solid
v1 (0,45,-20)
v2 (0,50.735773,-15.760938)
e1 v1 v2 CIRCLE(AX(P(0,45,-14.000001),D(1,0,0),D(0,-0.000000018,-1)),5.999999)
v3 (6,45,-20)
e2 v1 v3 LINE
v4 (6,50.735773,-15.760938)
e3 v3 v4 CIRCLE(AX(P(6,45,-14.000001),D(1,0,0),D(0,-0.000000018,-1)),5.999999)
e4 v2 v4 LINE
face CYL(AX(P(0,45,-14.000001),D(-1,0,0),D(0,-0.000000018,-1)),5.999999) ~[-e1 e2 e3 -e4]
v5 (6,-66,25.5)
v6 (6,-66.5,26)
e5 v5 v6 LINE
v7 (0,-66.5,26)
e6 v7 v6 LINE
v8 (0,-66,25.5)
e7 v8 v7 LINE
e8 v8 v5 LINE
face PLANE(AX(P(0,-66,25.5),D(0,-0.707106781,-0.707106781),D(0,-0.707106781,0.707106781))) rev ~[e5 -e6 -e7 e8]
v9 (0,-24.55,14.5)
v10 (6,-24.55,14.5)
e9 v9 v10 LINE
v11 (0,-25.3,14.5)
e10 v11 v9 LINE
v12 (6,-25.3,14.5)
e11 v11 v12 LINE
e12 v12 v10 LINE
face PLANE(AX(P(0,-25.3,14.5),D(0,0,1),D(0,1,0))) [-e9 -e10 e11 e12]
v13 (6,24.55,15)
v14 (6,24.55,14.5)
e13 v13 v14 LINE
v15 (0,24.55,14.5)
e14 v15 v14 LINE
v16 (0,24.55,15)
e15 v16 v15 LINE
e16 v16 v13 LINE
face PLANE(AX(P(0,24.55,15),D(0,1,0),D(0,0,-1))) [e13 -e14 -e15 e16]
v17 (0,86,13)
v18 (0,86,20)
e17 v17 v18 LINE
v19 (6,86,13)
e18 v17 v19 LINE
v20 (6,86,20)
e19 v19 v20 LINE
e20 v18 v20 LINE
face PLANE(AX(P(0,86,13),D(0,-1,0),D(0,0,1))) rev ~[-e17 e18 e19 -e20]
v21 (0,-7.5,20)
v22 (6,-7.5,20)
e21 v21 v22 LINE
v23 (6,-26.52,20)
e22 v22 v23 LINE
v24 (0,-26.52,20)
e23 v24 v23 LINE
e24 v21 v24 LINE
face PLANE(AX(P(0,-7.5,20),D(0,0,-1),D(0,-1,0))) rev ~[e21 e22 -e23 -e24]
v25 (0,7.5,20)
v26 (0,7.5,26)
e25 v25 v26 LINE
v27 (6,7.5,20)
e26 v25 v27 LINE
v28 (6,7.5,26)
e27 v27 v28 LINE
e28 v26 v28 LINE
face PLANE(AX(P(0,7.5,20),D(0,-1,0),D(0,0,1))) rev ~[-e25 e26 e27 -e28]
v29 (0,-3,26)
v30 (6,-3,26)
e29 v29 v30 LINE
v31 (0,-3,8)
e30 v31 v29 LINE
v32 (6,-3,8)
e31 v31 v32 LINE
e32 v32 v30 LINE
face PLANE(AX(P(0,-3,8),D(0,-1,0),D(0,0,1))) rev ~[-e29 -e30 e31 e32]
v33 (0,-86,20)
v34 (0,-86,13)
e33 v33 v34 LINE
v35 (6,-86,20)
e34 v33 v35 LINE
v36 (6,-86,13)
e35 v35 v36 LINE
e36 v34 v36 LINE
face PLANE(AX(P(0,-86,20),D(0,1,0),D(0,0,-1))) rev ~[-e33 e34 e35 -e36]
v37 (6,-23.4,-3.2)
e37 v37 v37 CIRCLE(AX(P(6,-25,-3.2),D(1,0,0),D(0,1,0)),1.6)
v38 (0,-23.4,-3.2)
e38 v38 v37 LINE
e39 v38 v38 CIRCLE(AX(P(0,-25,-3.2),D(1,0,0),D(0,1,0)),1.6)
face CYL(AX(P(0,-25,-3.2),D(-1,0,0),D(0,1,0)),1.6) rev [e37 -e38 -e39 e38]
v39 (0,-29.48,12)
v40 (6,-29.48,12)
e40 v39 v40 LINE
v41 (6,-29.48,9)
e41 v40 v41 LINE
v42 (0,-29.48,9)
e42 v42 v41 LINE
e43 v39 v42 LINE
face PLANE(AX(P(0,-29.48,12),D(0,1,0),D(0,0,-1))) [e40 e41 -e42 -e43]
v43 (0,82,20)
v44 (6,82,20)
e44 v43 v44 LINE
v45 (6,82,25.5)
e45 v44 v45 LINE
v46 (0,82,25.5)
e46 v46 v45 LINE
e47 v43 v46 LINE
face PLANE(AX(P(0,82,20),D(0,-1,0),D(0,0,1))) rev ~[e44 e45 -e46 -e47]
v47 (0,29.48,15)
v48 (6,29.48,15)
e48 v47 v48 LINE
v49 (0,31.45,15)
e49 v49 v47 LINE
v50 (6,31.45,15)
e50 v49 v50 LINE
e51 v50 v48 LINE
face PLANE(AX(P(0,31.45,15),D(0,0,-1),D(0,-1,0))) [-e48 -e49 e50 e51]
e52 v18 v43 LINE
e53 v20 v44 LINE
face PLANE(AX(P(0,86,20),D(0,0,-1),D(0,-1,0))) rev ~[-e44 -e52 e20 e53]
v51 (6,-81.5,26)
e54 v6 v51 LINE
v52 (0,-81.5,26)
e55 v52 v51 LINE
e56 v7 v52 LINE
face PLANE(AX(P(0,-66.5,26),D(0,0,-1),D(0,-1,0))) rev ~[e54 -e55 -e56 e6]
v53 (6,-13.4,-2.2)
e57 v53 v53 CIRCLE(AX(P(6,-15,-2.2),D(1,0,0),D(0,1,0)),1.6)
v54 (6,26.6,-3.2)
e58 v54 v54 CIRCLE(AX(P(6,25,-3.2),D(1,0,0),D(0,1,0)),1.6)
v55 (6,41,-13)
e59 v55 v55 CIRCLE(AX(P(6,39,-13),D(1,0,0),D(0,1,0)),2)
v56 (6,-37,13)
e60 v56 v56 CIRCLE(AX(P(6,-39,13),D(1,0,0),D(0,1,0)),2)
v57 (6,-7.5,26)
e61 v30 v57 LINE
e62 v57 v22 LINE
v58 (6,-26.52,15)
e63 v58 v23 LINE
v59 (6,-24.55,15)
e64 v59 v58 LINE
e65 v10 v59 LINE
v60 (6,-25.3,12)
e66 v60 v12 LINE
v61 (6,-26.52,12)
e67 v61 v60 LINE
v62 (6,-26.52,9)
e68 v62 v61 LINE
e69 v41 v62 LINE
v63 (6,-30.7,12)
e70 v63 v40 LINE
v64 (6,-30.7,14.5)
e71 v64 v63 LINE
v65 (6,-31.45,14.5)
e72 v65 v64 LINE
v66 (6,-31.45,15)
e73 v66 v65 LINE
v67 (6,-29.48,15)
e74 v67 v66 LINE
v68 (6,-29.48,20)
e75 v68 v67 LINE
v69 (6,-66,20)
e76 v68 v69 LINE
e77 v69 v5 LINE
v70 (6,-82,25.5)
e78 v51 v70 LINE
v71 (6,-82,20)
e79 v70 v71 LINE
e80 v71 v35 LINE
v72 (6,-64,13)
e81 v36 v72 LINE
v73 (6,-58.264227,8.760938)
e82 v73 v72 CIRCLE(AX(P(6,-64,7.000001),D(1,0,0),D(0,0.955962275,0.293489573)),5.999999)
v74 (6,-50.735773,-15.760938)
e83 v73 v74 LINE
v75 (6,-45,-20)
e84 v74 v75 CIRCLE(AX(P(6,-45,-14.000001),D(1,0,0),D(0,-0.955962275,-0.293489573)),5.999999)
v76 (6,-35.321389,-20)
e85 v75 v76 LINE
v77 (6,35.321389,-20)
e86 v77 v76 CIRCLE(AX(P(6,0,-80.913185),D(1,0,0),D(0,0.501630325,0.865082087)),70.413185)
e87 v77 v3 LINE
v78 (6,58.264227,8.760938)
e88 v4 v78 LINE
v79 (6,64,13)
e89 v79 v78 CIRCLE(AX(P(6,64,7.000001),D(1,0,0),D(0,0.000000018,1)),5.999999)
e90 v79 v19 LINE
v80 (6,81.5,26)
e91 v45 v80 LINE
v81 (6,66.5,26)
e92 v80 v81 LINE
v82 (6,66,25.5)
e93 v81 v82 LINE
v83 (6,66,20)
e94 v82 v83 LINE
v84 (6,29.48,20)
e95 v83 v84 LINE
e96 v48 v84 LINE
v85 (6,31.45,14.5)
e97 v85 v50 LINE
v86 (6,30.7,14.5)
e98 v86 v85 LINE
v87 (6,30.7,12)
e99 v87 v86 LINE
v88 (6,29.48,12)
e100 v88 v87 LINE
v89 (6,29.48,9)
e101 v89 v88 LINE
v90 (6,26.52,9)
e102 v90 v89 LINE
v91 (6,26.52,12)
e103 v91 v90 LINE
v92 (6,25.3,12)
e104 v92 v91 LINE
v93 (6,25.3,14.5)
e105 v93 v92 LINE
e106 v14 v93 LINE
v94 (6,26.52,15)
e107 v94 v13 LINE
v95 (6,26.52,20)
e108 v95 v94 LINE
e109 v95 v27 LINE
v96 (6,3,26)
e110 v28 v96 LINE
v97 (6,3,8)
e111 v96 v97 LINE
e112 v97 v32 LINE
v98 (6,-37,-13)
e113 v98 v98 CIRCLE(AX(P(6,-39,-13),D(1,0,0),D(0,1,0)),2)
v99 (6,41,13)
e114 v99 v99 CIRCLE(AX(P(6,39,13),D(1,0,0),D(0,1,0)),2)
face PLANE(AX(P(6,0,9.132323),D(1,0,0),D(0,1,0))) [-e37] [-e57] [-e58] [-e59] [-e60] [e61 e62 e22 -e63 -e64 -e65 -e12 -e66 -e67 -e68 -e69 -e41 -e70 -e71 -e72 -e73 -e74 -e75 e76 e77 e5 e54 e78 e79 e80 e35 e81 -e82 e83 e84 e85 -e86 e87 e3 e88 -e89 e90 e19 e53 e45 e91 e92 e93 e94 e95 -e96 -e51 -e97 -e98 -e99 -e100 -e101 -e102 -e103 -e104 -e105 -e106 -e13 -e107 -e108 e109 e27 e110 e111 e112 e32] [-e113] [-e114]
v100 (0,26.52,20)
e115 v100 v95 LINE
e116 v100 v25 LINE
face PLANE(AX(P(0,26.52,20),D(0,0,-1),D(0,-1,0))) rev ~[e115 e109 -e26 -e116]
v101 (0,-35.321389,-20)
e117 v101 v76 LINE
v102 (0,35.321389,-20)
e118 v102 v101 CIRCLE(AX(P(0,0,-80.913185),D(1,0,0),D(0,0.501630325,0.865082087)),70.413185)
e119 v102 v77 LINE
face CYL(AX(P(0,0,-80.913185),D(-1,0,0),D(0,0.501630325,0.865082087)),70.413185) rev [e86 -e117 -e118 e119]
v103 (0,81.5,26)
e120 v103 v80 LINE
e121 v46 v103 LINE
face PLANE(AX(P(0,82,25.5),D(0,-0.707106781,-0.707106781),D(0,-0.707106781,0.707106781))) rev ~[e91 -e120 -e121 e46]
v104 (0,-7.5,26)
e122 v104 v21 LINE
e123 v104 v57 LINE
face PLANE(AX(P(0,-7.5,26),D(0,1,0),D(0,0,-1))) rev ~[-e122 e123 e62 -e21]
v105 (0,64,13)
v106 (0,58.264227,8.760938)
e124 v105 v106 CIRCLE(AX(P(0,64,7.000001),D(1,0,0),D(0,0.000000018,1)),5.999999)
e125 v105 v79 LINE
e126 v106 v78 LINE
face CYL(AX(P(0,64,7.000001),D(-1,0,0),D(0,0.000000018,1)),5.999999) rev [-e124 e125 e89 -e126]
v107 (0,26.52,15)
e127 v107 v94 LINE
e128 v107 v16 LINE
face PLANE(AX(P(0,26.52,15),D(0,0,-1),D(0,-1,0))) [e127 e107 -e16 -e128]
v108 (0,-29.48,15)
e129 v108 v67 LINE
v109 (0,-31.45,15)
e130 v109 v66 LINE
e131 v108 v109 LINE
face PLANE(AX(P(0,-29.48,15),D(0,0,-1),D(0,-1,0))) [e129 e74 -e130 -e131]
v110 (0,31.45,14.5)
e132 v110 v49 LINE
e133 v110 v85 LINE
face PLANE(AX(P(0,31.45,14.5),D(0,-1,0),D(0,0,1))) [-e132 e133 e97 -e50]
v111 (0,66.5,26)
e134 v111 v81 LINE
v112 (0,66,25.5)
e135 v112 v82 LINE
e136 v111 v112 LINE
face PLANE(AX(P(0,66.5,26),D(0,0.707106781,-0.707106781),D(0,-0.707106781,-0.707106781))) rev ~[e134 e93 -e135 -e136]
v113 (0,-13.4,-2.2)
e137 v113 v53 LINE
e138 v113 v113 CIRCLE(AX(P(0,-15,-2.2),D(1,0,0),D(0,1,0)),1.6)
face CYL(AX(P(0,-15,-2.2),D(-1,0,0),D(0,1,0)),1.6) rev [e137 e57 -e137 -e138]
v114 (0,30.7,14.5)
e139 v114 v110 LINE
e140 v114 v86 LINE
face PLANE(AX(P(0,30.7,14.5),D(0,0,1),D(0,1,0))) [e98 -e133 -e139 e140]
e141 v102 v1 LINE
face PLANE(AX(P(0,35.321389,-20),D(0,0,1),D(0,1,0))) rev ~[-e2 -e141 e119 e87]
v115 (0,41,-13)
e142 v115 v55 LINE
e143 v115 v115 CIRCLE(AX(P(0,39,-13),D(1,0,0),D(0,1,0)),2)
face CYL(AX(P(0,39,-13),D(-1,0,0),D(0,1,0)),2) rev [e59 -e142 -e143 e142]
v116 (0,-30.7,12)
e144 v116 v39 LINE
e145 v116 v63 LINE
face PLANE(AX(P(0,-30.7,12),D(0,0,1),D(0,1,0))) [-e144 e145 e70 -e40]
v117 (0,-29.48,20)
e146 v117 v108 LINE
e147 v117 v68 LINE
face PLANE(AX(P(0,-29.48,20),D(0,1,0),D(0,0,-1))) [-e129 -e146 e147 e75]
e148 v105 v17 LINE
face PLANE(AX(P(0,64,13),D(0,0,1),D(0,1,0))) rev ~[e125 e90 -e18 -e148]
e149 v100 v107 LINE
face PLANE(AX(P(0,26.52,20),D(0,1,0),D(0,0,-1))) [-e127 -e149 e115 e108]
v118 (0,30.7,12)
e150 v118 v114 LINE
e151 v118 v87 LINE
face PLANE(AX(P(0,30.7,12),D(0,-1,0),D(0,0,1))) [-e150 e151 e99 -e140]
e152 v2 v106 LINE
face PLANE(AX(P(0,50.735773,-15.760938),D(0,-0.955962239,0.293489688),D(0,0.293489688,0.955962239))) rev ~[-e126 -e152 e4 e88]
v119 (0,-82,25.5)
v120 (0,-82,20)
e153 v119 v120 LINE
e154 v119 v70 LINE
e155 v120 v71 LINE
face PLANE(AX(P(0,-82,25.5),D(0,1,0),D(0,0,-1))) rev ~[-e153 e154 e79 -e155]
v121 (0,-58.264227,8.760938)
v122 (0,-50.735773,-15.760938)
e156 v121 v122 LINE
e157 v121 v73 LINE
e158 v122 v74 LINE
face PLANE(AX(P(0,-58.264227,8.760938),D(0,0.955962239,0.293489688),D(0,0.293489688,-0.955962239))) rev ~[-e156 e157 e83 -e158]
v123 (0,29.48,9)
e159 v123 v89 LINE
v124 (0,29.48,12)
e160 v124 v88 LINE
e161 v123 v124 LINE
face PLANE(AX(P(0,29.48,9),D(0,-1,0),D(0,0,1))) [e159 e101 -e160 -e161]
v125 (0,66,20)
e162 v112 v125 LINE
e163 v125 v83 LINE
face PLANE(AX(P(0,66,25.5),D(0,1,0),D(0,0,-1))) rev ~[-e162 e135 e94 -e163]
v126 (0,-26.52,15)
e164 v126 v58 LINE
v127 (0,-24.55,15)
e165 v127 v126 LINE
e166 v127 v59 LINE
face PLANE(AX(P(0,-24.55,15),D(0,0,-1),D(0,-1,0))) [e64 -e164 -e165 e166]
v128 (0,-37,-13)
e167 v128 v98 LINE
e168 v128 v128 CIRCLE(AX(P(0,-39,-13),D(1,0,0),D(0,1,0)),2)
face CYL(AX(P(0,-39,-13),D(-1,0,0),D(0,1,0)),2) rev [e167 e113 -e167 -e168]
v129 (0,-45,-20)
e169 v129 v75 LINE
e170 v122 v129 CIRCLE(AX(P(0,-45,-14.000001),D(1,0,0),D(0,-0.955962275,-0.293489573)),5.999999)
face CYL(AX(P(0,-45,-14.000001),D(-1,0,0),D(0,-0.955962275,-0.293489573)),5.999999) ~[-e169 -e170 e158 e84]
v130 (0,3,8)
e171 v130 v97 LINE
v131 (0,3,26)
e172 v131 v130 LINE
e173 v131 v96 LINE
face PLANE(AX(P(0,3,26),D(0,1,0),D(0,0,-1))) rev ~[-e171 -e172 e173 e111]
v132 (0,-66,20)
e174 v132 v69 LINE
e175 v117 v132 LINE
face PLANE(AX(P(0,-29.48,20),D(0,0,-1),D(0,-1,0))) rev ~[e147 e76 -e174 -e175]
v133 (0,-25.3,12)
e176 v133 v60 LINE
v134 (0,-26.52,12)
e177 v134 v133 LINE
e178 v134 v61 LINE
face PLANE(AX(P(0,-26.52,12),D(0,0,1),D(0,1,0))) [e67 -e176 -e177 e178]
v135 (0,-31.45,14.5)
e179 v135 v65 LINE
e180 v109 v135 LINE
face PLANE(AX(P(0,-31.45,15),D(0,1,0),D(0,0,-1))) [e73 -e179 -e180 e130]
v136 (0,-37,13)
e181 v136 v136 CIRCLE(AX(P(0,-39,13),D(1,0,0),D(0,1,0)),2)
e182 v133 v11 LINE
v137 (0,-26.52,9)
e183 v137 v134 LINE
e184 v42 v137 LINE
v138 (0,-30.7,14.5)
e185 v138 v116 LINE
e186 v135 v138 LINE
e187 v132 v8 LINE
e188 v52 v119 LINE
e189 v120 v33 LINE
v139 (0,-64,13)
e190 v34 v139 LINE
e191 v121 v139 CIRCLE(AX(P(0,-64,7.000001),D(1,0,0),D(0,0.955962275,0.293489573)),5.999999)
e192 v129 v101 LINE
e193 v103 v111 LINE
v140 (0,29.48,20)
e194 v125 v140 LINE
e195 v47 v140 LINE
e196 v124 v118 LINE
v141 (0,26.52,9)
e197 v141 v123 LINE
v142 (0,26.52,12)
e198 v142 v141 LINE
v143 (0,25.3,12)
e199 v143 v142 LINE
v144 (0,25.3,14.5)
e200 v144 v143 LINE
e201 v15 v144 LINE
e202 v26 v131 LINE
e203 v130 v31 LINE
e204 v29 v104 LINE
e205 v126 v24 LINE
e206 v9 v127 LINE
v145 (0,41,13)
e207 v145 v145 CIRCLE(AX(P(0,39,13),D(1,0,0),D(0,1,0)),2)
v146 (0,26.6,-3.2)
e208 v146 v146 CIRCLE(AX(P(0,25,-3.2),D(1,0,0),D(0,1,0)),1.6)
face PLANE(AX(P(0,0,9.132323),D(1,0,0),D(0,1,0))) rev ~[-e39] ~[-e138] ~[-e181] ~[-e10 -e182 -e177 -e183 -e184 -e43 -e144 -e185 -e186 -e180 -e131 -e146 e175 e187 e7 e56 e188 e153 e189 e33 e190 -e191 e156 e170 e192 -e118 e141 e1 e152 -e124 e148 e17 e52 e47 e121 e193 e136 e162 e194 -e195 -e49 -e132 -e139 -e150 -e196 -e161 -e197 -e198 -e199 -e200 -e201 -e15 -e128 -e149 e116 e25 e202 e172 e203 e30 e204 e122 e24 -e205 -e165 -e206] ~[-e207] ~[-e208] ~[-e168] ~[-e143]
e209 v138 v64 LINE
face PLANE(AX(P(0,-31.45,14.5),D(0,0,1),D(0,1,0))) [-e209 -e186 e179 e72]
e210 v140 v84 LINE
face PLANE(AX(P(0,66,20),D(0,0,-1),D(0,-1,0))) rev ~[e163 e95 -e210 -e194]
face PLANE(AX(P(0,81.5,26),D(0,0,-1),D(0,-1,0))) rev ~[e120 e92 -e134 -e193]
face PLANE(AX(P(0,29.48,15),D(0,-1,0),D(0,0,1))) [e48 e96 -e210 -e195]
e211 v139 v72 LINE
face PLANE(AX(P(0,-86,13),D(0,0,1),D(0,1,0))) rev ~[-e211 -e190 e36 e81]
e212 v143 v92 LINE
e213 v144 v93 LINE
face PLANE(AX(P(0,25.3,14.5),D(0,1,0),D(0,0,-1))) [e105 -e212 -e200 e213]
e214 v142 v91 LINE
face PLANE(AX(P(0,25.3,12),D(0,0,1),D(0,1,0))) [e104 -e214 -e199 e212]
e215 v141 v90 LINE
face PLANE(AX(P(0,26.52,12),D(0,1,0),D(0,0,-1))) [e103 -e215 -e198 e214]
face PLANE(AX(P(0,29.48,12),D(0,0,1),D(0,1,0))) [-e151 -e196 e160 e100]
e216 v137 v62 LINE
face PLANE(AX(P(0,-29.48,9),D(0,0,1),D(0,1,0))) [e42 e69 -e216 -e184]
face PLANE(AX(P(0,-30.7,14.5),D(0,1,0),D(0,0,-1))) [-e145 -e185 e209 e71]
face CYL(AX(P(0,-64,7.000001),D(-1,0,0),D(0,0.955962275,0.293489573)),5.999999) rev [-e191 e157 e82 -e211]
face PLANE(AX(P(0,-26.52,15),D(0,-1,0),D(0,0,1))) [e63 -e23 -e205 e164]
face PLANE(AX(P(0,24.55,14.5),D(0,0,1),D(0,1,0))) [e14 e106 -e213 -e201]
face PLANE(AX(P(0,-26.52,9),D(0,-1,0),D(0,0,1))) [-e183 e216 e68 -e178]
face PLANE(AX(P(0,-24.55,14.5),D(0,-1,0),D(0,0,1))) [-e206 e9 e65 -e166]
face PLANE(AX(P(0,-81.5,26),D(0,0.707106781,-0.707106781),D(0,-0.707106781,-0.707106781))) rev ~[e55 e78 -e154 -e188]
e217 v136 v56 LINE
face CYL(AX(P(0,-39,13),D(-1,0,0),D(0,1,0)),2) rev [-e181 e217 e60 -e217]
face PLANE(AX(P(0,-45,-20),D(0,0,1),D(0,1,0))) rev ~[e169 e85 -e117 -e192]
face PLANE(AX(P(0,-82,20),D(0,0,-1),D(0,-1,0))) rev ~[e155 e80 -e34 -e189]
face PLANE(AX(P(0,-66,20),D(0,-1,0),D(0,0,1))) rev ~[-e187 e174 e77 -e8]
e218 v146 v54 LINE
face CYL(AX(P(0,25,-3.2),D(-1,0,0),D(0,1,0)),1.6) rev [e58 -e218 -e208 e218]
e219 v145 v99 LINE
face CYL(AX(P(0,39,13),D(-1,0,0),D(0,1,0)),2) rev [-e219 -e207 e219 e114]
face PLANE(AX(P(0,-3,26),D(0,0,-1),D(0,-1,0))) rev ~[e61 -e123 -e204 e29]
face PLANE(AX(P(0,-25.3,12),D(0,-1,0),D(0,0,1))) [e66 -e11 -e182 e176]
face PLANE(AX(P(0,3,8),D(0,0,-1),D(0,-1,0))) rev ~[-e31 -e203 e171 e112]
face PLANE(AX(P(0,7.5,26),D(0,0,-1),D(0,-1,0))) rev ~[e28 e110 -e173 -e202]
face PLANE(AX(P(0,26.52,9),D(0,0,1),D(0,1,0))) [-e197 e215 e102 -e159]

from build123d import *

# Parameters (mm, degrees)
SKETCH073_R   = 2
SKETCH073_R_2 = 1.6
PAD_DEPTH     = 6


with BuildPart() as part:
    # Sketch073 → Pad (new body)
    with BuildSketch(Plane.YZ):
        with BuildLine():
            Line((26.52, 20), (7.5, 20))
            Line((7.5, 20), (7.5, 26))
            Line((7.5, 26), (3, 26))
            Line((3, 26), (3, 8))
            Line((3, 8), (-3, 8))
            Line((-3, 8), (-3, 26))
            Line((-3, 26), (-7.5, 26))
            Line((-7.5, 26), (-7.5, 20))
            Line((-7.5, 20), (-26.52, 20))
            Line((-26.52, 15), (-26.52, 20))
            Line((-24.55, 15), (-26.52, 15))
            Line((-24.55, 14.5), (-24.55, 15))
            Line((-25.3, 14.5), (-24.55, 14.5))
            Line((-25.3, 12), (-25.3, 14.5))
            Line((-26.52, 12), (-25.3, 12))
            Line((-26.52, 9), (-26.52, 12))
            Line((-29.48, 9), (-26.52, 9))
            Line((-29.48, 12), (-29.48, 9))
            Line((-30.7, 12), (-29.48, 12))
            Line((-30.7, 14.5), (-30.7, 12))
            Line((-31.45, 14.5), (-30.7, 14.5))
            Line((-31.45, 15), (-31.45, 14.5))
            Line((-29.48, 15), (-31.45, 15))
            Line((-29.48, 20), (-29.48, 15))
            Line((-29.48, 20), (-66, 20))
            Line((-66, 20), (-66, 25.5))
            Line((-66, 25.5), (-66.5, 26))
            Line((-66.5, 26), (-81.5, 26))
            Line((-81.5, 26), (-82, 25.5))
            Line((-82, 25.5), (-82, 20))
            Line((-82, 20), (-86, 20))
            Line((-86, 20), (-86, 13))
            Line((-86, 13), (-64, 13))
            ThreePointArc((-58.264227, 8.760938), (-60.433884, 11.825227), (-64, 13))
            Line((-58.264227, 8.760938), (-50.735773, -15.760938))
            ThreePointArc((-50.735773, -15.760938), (-48.566116, -18.825227), (-45, -20))
            Line((-45, -20), (-35.321389, -20))
            ThreePointArc((35.321389, -20), (0, -10.5), (-35.321389, -20))
            Line((35.321389, -20), (45, -20))
            ThreePointArc((45, -20), (48.566116, -18.825227), (50.735773, -15.760938))
            Line((50.735773, -15.760938), (58.264227, 8.760938))
            ThreePointArc((64, 13), (60.433884, 11.825227), (58.264227, 8.760938))
            Line((64, 13), (86, 13))
            Line((86, 13), (86, 20))
            Line((86, 20), (82, 20))
            Line((82, 20), (82, 25.5))
            Line((82, 25.5), (81.5, 26))
            Line((81.5, 26), (66.5, 26))
            Line((66.5, 26), (66, 25.5))
            Line((66, 25.5), (66, 20))
            Line((66, 20), (29.48, 20))
            Line((29.48, 15), (29.48, 20))
            Line((31.45, 15), (29.48, 15))
            Line((31.45, 14.5), (31.45, 15))
            Line((30.7, 14.5), (31.45, 14.5))
            Line((30.7, 12), (30.7, 14.5))
            Line((29.48, 12), (30.7, 12))
            Line((29.48, 9), (29.48, 12))
            Line((26.52, 9), (29.48, 9))
            Line((26.52, 12), (26.52, 9))
            Line((25.3, 12), (26.52, 12))
            Line((25.3, 14.5), (25.3, 12))
            Line((24.55, 14.5), (25.3, 14.5))
            Line((24.55, 15), (24.55, 14.5))
            Line((26.52, 15), (24.55, 15))
            Line((26.52, 20), (26.52, 15))
        make_face()
        with Locations((-39, 13)):
            Circle(SKETCH073_R, mode=Mode.SUBTRACT)
        with Locations((39, 13)):
            Circle(SKETCH073_R, mode=Mode.SUBTRACT)
        with Locations((-25, -3.2)):
            Circle(SKETCH073_R_2, mode=Mode.SUBTRACT)
        with Locations((-15, -2.2)):
            Circle(SKETCH073_R_2, mode=Mode.SUBTRACT)
        with Locations((39, -13)):
            Circle(SKETCH073_R, mode=Mode.SUBTRACT)
        with Locations((-39, -13)):
            Circle(SKETCH073_R, mode=Mode.SUBTRACT)
        with Locations((25, -3.2)):
            Circle(SKETCH073_R_2, mode=Mode.SUBTRACT)
    extrude(amount=PAD_DEPTH)


solid = part.part
